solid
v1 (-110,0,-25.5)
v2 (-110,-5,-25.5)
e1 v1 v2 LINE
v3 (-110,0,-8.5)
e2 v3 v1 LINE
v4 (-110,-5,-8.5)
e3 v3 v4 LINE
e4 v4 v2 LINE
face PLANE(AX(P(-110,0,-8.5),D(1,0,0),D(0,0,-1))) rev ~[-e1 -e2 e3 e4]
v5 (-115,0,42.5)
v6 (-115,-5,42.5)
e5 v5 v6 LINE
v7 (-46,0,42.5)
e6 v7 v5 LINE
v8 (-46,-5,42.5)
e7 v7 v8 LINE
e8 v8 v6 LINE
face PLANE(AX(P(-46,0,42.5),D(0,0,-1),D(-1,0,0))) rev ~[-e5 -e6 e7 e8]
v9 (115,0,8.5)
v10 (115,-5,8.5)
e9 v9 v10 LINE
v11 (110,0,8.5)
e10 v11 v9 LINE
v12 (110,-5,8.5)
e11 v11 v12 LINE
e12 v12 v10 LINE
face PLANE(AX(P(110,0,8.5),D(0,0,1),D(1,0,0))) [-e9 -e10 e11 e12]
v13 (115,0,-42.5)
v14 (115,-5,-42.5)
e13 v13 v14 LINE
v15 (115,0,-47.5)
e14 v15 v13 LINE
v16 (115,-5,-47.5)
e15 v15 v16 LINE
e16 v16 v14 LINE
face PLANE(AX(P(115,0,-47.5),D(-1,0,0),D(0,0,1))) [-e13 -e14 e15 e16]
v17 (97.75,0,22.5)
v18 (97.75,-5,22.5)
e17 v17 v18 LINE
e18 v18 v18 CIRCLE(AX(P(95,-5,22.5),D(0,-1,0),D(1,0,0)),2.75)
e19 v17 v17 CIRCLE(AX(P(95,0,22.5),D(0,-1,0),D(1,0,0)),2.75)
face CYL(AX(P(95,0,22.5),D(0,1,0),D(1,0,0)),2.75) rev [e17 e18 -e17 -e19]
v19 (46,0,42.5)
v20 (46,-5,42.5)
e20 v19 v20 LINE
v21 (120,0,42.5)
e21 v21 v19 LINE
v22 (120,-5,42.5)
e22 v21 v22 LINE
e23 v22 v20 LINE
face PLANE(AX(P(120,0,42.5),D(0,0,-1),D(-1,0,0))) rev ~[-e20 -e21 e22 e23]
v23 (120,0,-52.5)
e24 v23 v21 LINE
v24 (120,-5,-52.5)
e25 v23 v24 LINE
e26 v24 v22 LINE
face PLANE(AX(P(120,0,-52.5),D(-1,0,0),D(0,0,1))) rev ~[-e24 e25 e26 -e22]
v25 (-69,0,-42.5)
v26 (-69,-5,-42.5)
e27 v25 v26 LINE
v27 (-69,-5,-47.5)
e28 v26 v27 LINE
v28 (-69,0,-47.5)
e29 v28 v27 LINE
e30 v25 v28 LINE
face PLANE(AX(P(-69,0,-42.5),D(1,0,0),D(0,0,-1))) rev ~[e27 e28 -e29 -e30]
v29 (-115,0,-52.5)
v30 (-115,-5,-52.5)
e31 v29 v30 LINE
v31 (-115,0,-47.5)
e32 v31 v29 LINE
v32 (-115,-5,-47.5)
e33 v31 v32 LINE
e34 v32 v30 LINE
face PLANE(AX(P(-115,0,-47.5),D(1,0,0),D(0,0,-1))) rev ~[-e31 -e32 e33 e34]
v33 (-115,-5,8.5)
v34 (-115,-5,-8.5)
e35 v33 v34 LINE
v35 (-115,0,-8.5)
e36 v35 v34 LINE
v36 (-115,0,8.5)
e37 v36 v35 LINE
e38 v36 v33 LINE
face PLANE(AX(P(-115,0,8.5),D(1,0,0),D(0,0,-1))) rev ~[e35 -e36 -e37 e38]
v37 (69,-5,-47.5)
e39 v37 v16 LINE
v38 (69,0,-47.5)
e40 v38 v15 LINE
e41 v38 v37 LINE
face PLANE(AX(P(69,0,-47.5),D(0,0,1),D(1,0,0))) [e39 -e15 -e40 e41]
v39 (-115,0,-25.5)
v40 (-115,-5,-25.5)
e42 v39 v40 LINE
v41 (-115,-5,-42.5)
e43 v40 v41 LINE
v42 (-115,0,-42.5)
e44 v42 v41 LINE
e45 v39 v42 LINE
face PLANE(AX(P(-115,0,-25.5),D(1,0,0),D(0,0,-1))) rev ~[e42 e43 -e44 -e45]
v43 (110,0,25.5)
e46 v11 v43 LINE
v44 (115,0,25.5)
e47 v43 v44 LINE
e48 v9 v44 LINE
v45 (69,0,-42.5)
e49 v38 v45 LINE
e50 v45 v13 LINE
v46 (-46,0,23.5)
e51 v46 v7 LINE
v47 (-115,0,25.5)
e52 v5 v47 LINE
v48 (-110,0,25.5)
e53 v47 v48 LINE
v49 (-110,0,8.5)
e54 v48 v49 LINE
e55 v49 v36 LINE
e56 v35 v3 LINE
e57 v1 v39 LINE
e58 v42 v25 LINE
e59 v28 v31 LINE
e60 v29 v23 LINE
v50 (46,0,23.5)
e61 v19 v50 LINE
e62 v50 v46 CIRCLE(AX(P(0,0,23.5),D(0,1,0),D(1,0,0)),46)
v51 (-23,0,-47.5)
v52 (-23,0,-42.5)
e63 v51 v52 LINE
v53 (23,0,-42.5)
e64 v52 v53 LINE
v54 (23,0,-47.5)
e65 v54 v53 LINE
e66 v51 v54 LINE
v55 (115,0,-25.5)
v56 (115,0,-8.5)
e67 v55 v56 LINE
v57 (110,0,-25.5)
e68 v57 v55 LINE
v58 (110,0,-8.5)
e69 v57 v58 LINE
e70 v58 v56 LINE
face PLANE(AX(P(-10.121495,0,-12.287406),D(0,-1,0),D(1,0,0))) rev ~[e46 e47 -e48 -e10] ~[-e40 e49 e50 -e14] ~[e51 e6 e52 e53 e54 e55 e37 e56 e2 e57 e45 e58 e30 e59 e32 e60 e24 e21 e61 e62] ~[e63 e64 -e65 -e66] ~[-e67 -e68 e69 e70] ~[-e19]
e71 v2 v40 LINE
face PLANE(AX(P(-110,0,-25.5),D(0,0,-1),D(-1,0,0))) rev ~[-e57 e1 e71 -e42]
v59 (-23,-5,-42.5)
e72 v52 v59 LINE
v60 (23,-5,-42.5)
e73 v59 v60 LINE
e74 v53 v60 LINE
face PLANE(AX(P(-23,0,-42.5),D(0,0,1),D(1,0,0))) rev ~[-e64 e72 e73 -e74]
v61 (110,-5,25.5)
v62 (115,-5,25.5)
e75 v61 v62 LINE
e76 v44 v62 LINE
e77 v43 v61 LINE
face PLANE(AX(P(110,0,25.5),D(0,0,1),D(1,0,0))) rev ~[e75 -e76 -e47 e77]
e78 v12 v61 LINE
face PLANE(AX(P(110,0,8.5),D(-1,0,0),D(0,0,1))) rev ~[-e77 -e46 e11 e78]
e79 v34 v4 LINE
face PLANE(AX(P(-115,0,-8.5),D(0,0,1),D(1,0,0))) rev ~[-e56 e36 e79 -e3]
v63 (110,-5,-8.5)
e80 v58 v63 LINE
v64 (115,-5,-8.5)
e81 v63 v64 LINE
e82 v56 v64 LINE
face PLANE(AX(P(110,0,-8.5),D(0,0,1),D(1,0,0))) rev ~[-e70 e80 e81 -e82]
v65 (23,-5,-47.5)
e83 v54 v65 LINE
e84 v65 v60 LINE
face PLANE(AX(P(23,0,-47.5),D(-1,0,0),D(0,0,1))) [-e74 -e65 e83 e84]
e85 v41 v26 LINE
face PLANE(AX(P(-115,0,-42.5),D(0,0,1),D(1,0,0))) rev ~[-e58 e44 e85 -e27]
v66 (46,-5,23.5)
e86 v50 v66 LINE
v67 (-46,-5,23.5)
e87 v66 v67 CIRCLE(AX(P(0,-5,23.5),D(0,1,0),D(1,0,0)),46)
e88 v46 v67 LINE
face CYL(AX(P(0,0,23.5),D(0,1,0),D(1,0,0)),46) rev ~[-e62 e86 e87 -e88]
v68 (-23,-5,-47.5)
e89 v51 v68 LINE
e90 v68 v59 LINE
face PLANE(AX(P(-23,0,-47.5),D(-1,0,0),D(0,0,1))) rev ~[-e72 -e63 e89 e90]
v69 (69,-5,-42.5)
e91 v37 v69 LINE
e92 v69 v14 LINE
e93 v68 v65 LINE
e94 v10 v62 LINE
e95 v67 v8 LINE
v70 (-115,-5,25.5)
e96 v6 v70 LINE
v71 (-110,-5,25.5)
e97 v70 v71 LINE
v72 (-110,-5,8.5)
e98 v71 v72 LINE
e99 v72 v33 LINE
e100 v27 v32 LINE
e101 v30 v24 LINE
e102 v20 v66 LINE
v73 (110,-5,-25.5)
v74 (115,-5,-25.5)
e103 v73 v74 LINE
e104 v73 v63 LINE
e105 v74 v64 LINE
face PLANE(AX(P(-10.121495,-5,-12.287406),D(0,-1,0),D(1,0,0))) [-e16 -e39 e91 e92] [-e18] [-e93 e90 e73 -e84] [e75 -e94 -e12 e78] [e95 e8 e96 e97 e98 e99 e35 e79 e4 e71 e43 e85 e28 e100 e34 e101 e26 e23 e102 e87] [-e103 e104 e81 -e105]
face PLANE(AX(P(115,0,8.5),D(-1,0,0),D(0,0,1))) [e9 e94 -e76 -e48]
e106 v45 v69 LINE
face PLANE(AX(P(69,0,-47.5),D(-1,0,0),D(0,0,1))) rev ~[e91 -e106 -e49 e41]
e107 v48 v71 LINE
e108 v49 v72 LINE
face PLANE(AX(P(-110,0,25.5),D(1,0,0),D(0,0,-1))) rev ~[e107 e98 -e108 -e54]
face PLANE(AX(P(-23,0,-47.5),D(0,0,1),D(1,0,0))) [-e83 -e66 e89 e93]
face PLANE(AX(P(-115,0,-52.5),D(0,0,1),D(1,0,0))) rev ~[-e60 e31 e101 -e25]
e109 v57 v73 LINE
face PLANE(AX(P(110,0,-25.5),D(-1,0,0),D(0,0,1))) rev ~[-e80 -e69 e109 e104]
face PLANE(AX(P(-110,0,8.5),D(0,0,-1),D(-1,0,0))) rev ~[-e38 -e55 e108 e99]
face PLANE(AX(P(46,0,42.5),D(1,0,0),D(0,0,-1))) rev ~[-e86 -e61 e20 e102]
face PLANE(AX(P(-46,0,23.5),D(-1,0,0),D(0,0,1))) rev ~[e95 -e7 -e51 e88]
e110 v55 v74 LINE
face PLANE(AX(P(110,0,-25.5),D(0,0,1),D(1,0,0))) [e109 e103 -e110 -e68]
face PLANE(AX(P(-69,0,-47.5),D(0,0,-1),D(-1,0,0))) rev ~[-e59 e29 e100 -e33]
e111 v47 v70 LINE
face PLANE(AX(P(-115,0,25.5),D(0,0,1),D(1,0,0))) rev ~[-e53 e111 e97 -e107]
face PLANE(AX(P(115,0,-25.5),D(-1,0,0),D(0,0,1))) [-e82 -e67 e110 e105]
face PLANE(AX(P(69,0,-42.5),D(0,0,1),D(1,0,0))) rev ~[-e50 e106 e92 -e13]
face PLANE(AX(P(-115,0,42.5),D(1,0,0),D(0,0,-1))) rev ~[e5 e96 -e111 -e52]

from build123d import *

# Parameters (mm, degrees)
F0_W     = 46
F0_H     = 5
F0_W_2   = 5
F0_H_2   = 17
F0_R     = 2.75
F1_DEPTH = 5


with BuildPart() as f1:
    # F0 (on Front) → F1 (new body)
    with BuildSketch(Plane.XZ):
        with BuildLine():
            Line((115, 42.5), (110, 42.5))
            Line((110, 42.5), (46, 42.5))
            Line((46, 42.5), (46, 23.5))
            ThreePointArc((46, 23.5), (0, -22.5), (-46, 23.5))
            Line((-46, 23.5), (-46, 42.5))
            Line((-46, 42.5), (-110, 42.5))
            Line((-110, 42.5), (-115, 42.5))
            Line((-115, 42.5), (-115, 25.5))
            Line((-115, 25.5), (-110, 25.5))
            Line((-110, 25.5), (-110, 8.5))
            Line((-110, 8.5), (-115, 8.5))
            Line((-115, 8.5), (-115, -8.5))
            Line((-115, -8.5), (-110, -8.5))
            Line((-110, -8.5), (-110, -25.5))
            Line((-110, -25.5), (-115, -25.5))
            Line((-115, -25.5), (-115, -42.5))
            Line((-115, -42.5), (-69, -42.5))
            Line((-69, -42.5), (-69, -47.5))
            Line((-69, -47.5), (-115, -47.5))
            Line((-115, -47.5), (-115, -52.5))
            Line((-115, -52.5), (115, -52.5))
            Line((115, -52.5), (120, -52.5))
            Line((120, -52.5), (120, 42.5))
            Line((120, 42.5), (115, 42.5))
        make_face()
        with Locations((0, -45)):
            Rectangle(F0_W, F0_H, mode=Mode.SUBTRACT)
        with Locations((92, -45)):
            Rectangle(F0_W, F0_H, mode=Mode.SUBTRACT)
        with Locations((112.5, -17)):
            Rectangle(F0_W_2, F0_H_2, mode=Mode.SUBTRACT)
        with Locations((112.5, 17)):
            Rectangle(F0_W_2, F0_H_2, mode=Mode.SUBTRACT)
        with Locations((95, 22.5)):
            Circle(F0_R, mode=Mode.SUBTRACT)
    extrude(amount=F1_DEPTH)


solid = f1.part
